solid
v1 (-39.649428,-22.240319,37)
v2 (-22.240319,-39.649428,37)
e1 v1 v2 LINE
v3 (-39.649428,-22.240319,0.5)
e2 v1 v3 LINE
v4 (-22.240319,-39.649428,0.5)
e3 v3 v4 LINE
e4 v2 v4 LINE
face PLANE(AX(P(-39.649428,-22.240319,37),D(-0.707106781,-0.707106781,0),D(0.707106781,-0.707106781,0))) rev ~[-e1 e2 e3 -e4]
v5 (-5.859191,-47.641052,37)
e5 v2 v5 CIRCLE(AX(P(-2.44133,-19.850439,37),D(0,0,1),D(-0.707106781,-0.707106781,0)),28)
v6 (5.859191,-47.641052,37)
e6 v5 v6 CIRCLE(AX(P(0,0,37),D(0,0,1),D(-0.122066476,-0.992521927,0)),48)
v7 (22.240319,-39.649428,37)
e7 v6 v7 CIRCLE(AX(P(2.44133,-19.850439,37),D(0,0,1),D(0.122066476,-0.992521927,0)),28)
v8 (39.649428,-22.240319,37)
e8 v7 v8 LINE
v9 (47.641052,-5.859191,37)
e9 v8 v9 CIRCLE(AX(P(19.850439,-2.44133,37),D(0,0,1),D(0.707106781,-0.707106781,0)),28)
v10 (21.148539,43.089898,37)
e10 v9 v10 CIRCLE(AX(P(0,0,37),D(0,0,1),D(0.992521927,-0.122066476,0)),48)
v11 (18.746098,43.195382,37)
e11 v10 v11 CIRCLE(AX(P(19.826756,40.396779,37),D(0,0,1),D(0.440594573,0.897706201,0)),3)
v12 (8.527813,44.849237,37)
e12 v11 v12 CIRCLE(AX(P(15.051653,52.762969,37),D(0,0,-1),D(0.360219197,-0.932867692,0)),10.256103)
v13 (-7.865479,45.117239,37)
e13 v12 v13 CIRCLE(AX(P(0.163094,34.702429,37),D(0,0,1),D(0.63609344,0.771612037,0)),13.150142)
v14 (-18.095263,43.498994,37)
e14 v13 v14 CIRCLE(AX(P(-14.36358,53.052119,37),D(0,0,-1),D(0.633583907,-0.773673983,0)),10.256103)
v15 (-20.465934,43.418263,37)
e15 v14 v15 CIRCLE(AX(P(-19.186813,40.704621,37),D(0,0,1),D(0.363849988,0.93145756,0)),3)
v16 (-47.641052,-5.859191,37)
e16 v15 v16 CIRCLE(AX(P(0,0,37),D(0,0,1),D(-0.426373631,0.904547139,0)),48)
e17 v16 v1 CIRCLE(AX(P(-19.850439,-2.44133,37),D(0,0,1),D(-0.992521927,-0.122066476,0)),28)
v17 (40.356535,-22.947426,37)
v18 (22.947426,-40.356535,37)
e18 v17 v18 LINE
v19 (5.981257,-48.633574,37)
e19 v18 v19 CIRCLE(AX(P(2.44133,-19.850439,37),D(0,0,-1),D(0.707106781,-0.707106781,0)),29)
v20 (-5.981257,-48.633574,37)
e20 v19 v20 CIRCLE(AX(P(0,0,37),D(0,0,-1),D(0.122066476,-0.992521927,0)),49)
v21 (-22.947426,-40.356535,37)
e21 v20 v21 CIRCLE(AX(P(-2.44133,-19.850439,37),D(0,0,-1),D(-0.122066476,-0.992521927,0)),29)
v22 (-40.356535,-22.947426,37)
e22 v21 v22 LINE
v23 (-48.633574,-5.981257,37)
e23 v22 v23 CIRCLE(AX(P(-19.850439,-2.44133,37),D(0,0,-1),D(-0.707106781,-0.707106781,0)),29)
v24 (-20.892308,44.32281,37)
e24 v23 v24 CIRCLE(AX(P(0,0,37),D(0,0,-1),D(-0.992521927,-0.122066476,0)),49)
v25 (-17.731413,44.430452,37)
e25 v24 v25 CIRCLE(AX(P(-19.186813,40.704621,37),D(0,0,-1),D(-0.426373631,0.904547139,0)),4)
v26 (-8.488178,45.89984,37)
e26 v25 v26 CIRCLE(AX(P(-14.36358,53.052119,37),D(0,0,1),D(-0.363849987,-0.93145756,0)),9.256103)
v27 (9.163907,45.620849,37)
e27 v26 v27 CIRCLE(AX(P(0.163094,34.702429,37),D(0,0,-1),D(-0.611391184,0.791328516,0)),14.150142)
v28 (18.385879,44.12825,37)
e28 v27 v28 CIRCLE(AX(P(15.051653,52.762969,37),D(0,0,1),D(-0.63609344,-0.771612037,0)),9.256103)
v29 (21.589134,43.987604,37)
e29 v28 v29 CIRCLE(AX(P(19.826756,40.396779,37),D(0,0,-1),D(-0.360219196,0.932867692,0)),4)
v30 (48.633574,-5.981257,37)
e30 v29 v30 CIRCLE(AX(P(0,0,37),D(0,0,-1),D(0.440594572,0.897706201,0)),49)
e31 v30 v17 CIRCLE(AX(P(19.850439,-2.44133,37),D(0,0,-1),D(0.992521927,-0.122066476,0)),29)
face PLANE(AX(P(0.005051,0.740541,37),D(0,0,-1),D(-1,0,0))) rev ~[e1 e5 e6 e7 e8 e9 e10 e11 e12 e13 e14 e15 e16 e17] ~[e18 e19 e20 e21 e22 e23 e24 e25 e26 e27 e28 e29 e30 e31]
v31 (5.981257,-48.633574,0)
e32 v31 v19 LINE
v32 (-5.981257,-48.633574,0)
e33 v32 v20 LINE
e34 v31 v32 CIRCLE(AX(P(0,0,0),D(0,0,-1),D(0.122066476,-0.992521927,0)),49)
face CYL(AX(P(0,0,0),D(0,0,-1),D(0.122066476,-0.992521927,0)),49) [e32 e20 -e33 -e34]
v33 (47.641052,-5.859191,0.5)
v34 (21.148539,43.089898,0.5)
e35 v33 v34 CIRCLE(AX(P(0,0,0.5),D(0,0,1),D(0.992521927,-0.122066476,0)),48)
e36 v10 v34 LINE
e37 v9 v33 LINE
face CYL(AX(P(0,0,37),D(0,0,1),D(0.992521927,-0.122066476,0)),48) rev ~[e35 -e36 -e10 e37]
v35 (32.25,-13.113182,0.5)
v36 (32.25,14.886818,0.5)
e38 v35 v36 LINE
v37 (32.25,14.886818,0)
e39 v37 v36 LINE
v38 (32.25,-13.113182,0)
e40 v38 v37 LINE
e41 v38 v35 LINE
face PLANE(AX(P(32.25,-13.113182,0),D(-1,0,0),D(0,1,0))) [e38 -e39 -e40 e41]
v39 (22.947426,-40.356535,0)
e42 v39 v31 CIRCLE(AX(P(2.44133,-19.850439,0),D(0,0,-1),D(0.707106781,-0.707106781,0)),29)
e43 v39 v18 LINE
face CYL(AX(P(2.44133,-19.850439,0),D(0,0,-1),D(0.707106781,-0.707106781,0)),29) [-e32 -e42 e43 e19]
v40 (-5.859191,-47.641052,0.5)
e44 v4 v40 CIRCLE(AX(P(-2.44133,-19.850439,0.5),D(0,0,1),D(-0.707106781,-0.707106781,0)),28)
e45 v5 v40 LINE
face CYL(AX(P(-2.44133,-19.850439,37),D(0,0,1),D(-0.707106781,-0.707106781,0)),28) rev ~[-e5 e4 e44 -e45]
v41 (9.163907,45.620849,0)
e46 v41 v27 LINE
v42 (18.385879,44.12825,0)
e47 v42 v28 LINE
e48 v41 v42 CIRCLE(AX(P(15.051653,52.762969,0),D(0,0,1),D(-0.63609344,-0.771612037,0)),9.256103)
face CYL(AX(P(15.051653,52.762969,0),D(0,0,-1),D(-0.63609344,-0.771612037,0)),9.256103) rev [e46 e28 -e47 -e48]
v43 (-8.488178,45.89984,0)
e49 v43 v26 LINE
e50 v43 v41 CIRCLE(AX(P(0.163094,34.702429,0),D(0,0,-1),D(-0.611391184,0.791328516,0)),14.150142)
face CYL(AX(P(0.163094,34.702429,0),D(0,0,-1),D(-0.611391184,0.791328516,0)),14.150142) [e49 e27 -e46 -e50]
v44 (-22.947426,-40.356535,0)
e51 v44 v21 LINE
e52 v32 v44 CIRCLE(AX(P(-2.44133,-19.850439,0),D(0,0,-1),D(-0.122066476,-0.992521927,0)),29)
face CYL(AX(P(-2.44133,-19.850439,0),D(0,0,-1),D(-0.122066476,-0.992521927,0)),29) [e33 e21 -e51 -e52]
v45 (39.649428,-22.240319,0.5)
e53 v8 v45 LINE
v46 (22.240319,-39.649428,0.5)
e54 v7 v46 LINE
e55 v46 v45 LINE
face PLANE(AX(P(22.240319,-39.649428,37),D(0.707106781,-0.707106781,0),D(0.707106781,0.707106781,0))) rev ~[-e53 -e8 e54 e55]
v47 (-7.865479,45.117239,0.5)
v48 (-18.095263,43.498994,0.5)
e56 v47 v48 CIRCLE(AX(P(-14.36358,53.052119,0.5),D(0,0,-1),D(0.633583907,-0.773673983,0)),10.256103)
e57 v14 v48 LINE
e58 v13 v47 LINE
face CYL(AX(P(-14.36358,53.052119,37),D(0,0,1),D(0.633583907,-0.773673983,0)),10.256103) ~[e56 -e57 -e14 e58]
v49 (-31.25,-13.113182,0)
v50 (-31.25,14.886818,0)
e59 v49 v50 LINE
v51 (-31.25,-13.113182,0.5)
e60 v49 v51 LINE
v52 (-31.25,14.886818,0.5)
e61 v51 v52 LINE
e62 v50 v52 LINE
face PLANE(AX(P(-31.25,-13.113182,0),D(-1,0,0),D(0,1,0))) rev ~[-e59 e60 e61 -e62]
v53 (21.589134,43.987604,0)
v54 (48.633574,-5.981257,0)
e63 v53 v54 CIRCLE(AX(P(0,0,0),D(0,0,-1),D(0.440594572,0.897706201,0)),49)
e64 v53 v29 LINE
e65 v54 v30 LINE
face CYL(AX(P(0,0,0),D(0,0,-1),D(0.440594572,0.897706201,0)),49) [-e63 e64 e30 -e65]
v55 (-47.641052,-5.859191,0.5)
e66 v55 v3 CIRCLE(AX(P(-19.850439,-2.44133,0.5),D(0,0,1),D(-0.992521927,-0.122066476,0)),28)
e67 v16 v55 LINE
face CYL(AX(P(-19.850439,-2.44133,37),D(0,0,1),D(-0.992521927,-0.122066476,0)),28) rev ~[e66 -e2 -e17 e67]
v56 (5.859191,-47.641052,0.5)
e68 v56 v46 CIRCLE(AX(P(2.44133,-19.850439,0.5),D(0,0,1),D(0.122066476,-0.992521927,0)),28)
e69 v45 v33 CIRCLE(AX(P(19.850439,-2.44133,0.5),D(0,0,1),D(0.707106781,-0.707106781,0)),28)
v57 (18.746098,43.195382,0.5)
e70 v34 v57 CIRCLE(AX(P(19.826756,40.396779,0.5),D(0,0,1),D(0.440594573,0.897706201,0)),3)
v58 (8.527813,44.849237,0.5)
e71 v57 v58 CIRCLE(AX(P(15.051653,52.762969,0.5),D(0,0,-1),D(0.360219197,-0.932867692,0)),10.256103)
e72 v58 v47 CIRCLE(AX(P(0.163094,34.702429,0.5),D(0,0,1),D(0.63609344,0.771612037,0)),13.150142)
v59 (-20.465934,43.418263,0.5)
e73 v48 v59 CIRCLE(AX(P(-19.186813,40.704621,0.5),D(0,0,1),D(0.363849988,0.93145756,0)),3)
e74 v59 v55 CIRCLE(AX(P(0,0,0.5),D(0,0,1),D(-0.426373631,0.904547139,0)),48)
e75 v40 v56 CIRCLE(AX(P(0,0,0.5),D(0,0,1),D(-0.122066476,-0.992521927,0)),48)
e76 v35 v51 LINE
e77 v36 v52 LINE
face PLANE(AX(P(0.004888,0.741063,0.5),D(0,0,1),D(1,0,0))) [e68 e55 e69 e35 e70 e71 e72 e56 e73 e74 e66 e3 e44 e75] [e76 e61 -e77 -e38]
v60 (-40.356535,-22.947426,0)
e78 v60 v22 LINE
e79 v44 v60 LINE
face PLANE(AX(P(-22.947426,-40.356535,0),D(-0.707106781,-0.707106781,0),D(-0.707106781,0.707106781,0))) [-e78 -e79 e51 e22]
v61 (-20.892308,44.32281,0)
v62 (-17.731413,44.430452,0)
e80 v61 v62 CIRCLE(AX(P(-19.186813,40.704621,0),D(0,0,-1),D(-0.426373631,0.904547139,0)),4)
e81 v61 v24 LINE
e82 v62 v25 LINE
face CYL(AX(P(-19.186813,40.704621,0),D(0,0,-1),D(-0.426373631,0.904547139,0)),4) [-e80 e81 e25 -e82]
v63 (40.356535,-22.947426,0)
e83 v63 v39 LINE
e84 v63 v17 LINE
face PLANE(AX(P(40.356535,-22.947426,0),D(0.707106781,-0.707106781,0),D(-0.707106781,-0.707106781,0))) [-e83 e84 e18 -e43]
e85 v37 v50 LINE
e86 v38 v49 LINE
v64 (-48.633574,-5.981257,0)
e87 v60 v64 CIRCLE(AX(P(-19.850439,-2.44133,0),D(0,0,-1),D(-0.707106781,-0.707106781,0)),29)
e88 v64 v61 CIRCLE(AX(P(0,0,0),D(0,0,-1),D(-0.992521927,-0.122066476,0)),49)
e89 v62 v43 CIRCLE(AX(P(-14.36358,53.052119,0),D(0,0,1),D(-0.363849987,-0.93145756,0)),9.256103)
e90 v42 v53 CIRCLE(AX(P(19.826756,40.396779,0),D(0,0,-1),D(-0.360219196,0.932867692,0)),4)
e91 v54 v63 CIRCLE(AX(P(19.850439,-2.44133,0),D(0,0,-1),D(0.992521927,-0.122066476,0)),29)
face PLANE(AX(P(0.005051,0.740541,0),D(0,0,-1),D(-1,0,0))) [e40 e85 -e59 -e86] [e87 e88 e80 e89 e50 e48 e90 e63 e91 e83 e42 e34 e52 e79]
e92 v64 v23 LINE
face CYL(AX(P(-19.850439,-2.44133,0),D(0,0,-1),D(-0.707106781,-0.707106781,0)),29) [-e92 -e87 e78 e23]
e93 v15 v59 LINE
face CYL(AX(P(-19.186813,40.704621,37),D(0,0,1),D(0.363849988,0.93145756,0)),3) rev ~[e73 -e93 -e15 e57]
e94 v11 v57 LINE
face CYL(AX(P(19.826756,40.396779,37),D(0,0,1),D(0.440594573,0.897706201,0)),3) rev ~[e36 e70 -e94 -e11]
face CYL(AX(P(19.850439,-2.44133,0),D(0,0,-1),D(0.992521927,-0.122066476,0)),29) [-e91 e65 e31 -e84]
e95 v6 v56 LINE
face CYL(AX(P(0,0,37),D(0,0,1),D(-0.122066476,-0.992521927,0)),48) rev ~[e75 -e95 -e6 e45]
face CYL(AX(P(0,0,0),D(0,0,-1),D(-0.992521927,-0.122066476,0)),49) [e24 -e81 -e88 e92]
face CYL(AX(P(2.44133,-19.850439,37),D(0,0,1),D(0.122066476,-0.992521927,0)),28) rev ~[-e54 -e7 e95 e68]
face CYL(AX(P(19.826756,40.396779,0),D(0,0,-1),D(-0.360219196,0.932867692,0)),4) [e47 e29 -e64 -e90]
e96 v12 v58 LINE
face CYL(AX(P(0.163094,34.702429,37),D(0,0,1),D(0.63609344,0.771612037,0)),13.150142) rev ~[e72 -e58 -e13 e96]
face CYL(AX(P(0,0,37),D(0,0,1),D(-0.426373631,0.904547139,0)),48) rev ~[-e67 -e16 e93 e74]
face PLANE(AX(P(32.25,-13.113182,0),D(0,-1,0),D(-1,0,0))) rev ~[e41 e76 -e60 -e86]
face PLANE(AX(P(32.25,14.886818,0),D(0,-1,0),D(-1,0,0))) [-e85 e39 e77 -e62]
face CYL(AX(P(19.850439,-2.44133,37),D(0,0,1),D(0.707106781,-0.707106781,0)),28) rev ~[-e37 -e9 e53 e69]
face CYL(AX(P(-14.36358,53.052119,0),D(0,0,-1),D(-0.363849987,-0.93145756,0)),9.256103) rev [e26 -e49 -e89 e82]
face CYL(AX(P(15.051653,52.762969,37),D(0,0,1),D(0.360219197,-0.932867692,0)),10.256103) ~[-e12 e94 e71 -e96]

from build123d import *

# Parameters (mm, degrees)
BOSS_EXTRUDE1_DEPTH = 37
CUT_EXTRUDE1_DEPTH  = 36.5
CUT_EXTRUDE2_REACH  = 80.556
SKETCH5_W           = 63.5
SKETCH5_H           = 28


with BuildPart() as part:
    # Sketch1 → Boss-Extrude1 (new body)
    with BuildSketch(Plane.XY):
        with BuildLine():
            Line((40.356535193, -22.947426174), (22.947426174, -40.356535193))
            ThreePointArc((22.947426174, -40.356535193), (15.156681171, -45.914203278), (5.981257322, -48.63357442))
            ThreePointArc((5.981257322, -48.63357442), (0, -49), (-5.981257322, -48.63357442))
            ThreePointArc((-5.981257322, -48.63357442), (-15.156681171, -45.914203278), (-22.947426174, -40.356535193))
            Line((-22.947426174, -40.356535193), (-40.356535193, -22.947426174))
            ThreePointArc((-40.356535193, -22.947426174), (-45.914203278, -15.156681171), (-48.63357442, -5.981257322))
            ThreePointArc((-48.63357442, -5.981257322), (-42.907888217, 23.662483572), (-20.892307913, 44.322809817))
            ThreePointArc((-20.892307913, 44.322809817), (-19.322951214, 44.702303901), (-17.73141344, 44.430451502))
            ThreePointArc((-17.73141344, 44.430451502), (-12.910393927, 43.910800792), (-8.488178405, 45.899839725))
            ThreePointArc((-8.488178405, 45.899839725), (0.386708758, 48.850803922), (9.16390657, 45.62084875))
            ThreePointArc((9.16390657, 45.62084875), (13.572775182, 43.625772556), (18.385878971, 44.128249799))
            ThreePointArc((18.385878971, 44.128249799), (20.002215513, 44.392928913), (21.589134046, 43.987603835))
            ThreePointArc((21.589134046, 43.987603835), (43.093258956, 23.323186587), (48.63357442, -5.981257322))
            ThreePointArc((48.63357442, -5.981257322), (45.914203278, -15.156681171), (40.356535193, -22.947426174))
        make_face()
    extrude(amount=BOSS_EXTRUDE1_DEPTH)

    # Sketch3 → Cut-Extrude1 (cut)
    with BuildSketch(Plane.XY.offset(37)):
        with BuildLine():
            Line((-39.649428412, -22.240319392), (-22.240319392, -39.649428412))
            ThreePointArc((-22.240319392, -39.649428412), (-14.718220769, -45.015452769), (-5.859190846, -47.641052493))
            ThreePointArc((-5.859190846, -47.641052493), (0, -48), (5.859190846, -47.641052493))
            ThreePointArc((5.859190846, -47.641052493), (14.718220769, -45.015452769), (22.240319392, -39.649428412))
            Line((22.240319392, -39.649428412), (39.649428412, -22.240319392))
            ThreePointArc((39.649428412, -22.240319392), (45.015452769, -14.718220769), (47.641052493, -5.859190846))
            ThreePointArc((47.641052493, -5.859190846), (42.213804691, 22.847203188), (21.148539474, 43.089897634))
            ThreePointArc((21.148539474, 43.089897634), (19.958350574, 43.393891443), (18.746098167, 43.195382107))
            ThreePointArc((18.746098167, 43.195382107), (13.413001918, 42.638618817), (8.52781313, 44.849236713))
            ThreePointArc((8.52781313, 44.849236713), (0.378047137, 47.850813988), (-7.865478644, 45.117238565))
            ThreePointArc((-7.865478644, 45.117238565), (-12.761098878, 42.921980343), (-18.095263428, 43.498993941))
            ThreePointArc((-18.095263428, 43.498993941), (-19.288916758, 43.702883241), (-20.465934283, 43.418262678))
            ThreePointArc((-20.465934283, 43.418262678), (-42.032217029, 23.179575744), (-47.641052493, -5.859190846))
            ThreePointArc((-47.641052493, -5.859190846), (-45.015452769, -14.718220769), (-39.649428412, -22.240319392))
        make_face()
    extrude(amount=-CUT_EXTRUDE1_DEPTH, mode=Mode.SUBTRACT)

    # Sketch5 → Cut-Extrude2 (cut, up to next)
    with BuildSketch(Plane(origin=(0, 0, 0), x_dir=(-1, 0, 0), z_dir=(0, 0, -1)), mode=Mode.PRIVATE) as cut_extrude2_sk1:
        with Locations((-0.5, 0.886817972)):
            Rectangle(SKETCH5_W, SKETCH5_H)
    cut_extrude2_tool1 = extrude(cut_extrude2_sk1.sketch, amount=-CUT_EXTRUDE2_REACH, mode=Mode.PRIVATE) & part.part
    add(cut_extrude2_tool1.solids().sort_by_distance((0.5, 0.886818, 0))[0], mode=Mode.SUBTRACT)


solid = part.part
